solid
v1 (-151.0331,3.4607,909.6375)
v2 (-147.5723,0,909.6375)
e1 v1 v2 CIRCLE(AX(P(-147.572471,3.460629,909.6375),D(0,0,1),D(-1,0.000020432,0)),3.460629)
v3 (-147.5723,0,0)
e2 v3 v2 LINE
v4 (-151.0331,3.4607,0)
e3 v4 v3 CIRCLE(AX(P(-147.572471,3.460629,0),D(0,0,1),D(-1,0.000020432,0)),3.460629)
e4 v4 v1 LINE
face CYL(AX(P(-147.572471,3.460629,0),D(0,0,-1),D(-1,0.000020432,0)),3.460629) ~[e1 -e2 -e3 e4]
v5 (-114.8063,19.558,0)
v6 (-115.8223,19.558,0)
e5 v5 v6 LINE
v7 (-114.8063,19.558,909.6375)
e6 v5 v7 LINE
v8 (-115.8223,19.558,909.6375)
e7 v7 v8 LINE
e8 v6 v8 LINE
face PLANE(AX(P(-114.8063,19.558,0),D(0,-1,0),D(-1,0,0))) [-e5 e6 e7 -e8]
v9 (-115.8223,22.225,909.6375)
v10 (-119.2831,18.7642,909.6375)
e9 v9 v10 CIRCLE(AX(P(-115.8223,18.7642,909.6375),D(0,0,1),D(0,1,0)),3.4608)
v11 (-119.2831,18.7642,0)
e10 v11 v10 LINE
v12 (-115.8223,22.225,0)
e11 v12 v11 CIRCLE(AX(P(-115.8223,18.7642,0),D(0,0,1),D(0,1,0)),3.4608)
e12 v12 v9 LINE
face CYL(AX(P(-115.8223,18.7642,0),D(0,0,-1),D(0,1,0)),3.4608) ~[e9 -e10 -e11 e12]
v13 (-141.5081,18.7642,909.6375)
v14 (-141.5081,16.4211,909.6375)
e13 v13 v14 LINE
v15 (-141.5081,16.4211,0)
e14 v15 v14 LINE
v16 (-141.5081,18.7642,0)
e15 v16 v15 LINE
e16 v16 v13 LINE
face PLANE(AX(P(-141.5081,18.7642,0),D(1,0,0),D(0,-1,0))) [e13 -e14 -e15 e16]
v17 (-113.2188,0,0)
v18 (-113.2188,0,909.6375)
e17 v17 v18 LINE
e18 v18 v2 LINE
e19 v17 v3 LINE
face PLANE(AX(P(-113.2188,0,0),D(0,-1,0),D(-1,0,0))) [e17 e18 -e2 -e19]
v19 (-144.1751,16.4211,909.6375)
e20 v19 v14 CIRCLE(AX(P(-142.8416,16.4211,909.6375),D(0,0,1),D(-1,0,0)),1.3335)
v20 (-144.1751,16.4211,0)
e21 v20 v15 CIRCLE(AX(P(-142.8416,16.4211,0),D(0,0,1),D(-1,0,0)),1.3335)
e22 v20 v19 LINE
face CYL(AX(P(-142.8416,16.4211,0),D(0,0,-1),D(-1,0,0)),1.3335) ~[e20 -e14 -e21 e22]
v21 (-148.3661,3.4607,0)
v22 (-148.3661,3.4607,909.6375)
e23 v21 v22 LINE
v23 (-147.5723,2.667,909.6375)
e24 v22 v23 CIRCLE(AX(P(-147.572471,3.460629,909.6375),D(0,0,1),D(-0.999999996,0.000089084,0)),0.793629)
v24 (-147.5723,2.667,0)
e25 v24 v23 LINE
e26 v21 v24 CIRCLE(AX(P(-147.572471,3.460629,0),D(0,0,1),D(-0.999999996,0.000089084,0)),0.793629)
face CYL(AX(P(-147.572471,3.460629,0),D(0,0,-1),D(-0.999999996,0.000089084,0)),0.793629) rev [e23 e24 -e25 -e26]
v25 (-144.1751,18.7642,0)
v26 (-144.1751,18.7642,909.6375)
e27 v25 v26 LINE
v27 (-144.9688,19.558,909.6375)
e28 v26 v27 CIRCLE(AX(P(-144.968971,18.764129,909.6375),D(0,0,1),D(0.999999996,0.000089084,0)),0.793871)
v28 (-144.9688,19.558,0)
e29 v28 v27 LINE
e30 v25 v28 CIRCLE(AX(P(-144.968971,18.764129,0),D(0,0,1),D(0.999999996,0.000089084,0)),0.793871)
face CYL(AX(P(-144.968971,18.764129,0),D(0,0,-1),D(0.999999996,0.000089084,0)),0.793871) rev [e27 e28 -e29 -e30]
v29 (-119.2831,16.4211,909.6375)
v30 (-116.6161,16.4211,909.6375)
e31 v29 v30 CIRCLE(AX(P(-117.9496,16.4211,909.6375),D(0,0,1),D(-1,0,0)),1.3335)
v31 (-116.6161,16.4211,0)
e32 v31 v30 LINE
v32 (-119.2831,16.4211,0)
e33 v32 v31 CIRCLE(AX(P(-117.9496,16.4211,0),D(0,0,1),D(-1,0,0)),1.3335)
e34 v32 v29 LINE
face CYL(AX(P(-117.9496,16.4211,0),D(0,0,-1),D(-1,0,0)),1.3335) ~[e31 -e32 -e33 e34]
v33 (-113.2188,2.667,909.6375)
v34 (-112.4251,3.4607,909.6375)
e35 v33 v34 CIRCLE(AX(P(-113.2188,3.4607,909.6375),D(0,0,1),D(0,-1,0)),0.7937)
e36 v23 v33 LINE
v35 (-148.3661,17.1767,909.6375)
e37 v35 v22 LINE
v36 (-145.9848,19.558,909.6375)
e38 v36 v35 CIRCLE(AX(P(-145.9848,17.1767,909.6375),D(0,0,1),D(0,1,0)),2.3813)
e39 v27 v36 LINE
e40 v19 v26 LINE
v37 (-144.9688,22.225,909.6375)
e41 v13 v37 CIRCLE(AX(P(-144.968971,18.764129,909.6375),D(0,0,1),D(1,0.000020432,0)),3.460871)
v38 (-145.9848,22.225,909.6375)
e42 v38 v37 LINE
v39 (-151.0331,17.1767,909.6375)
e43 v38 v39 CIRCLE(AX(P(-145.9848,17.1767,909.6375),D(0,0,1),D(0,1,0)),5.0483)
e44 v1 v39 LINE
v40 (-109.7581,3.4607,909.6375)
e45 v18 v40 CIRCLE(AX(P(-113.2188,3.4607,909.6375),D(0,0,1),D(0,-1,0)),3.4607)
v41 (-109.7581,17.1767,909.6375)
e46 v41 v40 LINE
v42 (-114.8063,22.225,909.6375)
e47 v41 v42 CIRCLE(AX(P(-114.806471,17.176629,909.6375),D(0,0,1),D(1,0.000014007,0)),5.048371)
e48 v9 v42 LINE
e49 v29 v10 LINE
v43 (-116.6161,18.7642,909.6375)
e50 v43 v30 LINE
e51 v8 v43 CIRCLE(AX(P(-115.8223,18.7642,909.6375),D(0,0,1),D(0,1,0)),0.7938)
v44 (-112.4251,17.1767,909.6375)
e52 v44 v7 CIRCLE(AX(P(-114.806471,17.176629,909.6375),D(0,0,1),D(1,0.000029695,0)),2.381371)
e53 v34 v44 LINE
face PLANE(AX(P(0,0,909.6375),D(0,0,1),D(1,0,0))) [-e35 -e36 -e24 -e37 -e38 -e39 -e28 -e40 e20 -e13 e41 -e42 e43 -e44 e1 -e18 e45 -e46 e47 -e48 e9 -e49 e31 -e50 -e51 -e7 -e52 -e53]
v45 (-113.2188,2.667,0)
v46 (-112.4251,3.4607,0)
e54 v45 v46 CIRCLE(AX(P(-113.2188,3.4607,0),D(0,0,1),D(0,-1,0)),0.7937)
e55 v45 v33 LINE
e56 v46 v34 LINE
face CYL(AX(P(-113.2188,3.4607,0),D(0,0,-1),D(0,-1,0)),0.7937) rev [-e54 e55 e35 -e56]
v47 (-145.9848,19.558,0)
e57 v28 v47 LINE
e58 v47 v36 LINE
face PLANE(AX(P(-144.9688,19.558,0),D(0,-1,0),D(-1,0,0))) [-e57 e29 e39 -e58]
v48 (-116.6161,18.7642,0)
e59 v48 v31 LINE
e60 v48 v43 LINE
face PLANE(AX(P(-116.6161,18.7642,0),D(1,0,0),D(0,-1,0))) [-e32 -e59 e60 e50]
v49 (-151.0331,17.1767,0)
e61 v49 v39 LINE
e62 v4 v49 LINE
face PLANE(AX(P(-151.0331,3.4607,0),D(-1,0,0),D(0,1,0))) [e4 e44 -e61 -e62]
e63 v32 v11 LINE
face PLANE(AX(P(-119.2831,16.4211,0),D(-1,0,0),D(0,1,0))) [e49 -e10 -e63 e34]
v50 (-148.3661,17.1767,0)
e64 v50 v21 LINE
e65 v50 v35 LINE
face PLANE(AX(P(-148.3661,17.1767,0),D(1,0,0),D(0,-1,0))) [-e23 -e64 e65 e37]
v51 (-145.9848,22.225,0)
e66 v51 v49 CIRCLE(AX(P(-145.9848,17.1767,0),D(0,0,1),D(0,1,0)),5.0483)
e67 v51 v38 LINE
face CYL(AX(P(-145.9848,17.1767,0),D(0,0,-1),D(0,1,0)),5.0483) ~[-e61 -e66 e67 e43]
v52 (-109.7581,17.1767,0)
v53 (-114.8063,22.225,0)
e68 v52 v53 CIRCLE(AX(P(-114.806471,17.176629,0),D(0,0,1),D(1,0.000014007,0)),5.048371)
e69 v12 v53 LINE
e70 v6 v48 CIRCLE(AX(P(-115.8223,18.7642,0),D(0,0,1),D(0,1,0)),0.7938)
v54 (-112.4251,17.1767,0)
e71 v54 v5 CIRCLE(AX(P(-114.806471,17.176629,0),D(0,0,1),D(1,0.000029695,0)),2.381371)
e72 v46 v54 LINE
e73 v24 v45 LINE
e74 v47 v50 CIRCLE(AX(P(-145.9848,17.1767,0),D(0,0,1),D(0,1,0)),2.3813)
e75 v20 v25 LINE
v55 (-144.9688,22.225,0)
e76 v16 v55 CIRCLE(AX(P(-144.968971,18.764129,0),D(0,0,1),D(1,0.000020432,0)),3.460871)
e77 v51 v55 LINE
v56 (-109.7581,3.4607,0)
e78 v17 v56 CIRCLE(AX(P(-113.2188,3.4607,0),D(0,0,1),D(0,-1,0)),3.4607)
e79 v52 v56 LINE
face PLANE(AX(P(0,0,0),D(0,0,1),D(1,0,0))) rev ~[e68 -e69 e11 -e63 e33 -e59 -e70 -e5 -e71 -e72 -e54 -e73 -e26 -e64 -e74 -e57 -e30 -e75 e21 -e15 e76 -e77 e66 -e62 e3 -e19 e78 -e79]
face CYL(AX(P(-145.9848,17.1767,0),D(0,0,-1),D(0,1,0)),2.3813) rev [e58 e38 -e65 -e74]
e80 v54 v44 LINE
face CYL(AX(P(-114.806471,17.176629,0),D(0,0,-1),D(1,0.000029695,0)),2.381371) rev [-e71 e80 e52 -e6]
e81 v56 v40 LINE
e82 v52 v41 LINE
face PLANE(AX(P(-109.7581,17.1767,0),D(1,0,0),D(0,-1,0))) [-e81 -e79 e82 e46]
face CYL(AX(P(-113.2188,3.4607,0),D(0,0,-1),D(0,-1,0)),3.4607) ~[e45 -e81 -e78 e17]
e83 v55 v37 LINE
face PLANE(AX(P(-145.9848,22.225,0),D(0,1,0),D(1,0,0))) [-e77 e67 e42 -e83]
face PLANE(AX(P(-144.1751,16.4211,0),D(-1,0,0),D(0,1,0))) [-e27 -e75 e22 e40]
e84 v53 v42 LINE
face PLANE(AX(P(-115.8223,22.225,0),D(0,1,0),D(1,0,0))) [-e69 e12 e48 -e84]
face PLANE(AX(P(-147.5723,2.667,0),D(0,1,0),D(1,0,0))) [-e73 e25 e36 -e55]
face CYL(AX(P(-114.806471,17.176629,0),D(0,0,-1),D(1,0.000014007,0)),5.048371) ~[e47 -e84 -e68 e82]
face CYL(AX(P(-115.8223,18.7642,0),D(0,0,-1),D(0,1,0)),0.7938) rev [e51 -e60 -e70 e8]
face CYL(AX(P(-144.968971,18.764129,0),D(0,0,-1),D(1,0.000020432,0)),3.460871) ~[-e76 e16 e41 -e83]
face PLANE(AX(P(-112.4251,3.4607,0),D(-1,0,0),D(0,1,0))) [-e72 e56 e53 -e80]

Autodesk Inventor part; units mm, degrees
ref_plane "Work Plane1" through (0, 0, 0) normal (0, 0, 1) x (1, 0, 0)
ref_plane "Work Plane3" through (204.5669, 33.2743, 819.985) normal (0, 0, 1) x (1, 0, 0)
ref_plane "Work Plane4" through (204.5669, 0, 909.6375) normal (0, 0, 1) x (1, 0, 0)
sketch "Sketch1" plane through (0, 0, 0) normal (0, 0, 1) x (1, 0, 0)
  arc A0 (-113.2188, 0) -> (-109.7581, 3.4607) centre (-113.2188, 3.4607) ccw projected
  line L0 (-109.7581, 17.1767) -> (-109.7581, 3.4607) projected
  arc A1 (-109.7581, 17.1767) -> (-114.8063, 22.225) centre (-114.8063, 17.1767) ccw projected
  line L1 (-115.8223, 22.225) -> (-114.8063, 22.225) projected
  arc A2 (-115.8223, 22.225) -> (-119.2831, 18.7642) centre (-115.8223, 18.7642) ccw projected
  line L2 (-119.2831, 16.4211) -> (-119.2831, 18.7642) projected
  arc A3 (-119.2831, 16.4211) -> (-116.6161, 16.4211) centre (-117.9496, 16.4211) ccw projected
  line L3 (-116.6161, 18.7642) -> (-116.6161, 16.4211) projected
  arc A4 (-115.8223, 19.558) -> (-116.6161, 18.7642) centre (-115.8223, 18.7642) ccw projected
  line L4 (-114.8063, 19.558) -> (-115.8223, 19.558) projected
  arc A5 (-112.4251, 17.1767) -> (-114.8063, 19.558) centre (-114.8063, 17.1767) ccw projected
  line L5 (-112.4251, 3.4607) -> (-112.4251, 17.1767) projected
  arc A6 (-113.2188, 2.667) -> (-112.4251, 3.4607) centre (-113.2188, 3.4607) ccw projected
  line L6 (-147.5723, 2.667) -> (-113.2188, 2.667) projected
  arc A7 (-148.3661, 3.4607) -> (-147.5723, 2.667) centre (-147.5723, 3.4607) ccw projected
  line L7 (-148.3661, 17.1767) -> (-148.3661, 3.4607) projected
  arc A8 (-145.9848, 19.558) -> (-148.3661, 17.1767) centre (-145.9848, 17.1767) ccw projected
  line L8 (-144.9688, 19.558) -> (-145.9848, 19.558) projected
  arc A9 (-144.1751, 18.7642) -> (-144.9688, 19.558) centre (-144.9688, 18.7642) ccw projected
  line L9 (-144.1751, 16.4211) -> (-144.1751, 18.7642) projected
  arc A10 (-144.1751, 16.4211) -> (-141.5081, 16.4211) centre (-142.8416, 16.4211) ccw projected
  line L10 (-141.5081, 18.7642) -> (-141.5081, 16.4211) projected
  arc A11 (-141.5081, 18.7642) -> (-144.9688, 22.225) centre (-144.9688, 18.7642) ccw projected
  line L11 (-145.9848, 22.225) -> (-144.9688, 22.225) projected
  arc A12 (-145.9848, 22.225) -> (-151.0331, 17.1767) centre (-145.9848, 17.1767) ccw projected
  line L12 (-151.0331, 3.4607) -> (-151.0331, 17.1767) projected
  arc A13 (-151.0331, 3.4607) -> (-147.5723, 0) centre (-147.5723, 3.4607) ccw projected
  line L13 (-113.2188, 0) -> (-147.5723, 0) projected
  point P0 (0, 0)
extrude "Extrusion1" add sketch "Sketch1" along normal up to surface (909.6375 mm away)
properties part number "Horizontal-Unistrut-Tower-Connector-19-25"
